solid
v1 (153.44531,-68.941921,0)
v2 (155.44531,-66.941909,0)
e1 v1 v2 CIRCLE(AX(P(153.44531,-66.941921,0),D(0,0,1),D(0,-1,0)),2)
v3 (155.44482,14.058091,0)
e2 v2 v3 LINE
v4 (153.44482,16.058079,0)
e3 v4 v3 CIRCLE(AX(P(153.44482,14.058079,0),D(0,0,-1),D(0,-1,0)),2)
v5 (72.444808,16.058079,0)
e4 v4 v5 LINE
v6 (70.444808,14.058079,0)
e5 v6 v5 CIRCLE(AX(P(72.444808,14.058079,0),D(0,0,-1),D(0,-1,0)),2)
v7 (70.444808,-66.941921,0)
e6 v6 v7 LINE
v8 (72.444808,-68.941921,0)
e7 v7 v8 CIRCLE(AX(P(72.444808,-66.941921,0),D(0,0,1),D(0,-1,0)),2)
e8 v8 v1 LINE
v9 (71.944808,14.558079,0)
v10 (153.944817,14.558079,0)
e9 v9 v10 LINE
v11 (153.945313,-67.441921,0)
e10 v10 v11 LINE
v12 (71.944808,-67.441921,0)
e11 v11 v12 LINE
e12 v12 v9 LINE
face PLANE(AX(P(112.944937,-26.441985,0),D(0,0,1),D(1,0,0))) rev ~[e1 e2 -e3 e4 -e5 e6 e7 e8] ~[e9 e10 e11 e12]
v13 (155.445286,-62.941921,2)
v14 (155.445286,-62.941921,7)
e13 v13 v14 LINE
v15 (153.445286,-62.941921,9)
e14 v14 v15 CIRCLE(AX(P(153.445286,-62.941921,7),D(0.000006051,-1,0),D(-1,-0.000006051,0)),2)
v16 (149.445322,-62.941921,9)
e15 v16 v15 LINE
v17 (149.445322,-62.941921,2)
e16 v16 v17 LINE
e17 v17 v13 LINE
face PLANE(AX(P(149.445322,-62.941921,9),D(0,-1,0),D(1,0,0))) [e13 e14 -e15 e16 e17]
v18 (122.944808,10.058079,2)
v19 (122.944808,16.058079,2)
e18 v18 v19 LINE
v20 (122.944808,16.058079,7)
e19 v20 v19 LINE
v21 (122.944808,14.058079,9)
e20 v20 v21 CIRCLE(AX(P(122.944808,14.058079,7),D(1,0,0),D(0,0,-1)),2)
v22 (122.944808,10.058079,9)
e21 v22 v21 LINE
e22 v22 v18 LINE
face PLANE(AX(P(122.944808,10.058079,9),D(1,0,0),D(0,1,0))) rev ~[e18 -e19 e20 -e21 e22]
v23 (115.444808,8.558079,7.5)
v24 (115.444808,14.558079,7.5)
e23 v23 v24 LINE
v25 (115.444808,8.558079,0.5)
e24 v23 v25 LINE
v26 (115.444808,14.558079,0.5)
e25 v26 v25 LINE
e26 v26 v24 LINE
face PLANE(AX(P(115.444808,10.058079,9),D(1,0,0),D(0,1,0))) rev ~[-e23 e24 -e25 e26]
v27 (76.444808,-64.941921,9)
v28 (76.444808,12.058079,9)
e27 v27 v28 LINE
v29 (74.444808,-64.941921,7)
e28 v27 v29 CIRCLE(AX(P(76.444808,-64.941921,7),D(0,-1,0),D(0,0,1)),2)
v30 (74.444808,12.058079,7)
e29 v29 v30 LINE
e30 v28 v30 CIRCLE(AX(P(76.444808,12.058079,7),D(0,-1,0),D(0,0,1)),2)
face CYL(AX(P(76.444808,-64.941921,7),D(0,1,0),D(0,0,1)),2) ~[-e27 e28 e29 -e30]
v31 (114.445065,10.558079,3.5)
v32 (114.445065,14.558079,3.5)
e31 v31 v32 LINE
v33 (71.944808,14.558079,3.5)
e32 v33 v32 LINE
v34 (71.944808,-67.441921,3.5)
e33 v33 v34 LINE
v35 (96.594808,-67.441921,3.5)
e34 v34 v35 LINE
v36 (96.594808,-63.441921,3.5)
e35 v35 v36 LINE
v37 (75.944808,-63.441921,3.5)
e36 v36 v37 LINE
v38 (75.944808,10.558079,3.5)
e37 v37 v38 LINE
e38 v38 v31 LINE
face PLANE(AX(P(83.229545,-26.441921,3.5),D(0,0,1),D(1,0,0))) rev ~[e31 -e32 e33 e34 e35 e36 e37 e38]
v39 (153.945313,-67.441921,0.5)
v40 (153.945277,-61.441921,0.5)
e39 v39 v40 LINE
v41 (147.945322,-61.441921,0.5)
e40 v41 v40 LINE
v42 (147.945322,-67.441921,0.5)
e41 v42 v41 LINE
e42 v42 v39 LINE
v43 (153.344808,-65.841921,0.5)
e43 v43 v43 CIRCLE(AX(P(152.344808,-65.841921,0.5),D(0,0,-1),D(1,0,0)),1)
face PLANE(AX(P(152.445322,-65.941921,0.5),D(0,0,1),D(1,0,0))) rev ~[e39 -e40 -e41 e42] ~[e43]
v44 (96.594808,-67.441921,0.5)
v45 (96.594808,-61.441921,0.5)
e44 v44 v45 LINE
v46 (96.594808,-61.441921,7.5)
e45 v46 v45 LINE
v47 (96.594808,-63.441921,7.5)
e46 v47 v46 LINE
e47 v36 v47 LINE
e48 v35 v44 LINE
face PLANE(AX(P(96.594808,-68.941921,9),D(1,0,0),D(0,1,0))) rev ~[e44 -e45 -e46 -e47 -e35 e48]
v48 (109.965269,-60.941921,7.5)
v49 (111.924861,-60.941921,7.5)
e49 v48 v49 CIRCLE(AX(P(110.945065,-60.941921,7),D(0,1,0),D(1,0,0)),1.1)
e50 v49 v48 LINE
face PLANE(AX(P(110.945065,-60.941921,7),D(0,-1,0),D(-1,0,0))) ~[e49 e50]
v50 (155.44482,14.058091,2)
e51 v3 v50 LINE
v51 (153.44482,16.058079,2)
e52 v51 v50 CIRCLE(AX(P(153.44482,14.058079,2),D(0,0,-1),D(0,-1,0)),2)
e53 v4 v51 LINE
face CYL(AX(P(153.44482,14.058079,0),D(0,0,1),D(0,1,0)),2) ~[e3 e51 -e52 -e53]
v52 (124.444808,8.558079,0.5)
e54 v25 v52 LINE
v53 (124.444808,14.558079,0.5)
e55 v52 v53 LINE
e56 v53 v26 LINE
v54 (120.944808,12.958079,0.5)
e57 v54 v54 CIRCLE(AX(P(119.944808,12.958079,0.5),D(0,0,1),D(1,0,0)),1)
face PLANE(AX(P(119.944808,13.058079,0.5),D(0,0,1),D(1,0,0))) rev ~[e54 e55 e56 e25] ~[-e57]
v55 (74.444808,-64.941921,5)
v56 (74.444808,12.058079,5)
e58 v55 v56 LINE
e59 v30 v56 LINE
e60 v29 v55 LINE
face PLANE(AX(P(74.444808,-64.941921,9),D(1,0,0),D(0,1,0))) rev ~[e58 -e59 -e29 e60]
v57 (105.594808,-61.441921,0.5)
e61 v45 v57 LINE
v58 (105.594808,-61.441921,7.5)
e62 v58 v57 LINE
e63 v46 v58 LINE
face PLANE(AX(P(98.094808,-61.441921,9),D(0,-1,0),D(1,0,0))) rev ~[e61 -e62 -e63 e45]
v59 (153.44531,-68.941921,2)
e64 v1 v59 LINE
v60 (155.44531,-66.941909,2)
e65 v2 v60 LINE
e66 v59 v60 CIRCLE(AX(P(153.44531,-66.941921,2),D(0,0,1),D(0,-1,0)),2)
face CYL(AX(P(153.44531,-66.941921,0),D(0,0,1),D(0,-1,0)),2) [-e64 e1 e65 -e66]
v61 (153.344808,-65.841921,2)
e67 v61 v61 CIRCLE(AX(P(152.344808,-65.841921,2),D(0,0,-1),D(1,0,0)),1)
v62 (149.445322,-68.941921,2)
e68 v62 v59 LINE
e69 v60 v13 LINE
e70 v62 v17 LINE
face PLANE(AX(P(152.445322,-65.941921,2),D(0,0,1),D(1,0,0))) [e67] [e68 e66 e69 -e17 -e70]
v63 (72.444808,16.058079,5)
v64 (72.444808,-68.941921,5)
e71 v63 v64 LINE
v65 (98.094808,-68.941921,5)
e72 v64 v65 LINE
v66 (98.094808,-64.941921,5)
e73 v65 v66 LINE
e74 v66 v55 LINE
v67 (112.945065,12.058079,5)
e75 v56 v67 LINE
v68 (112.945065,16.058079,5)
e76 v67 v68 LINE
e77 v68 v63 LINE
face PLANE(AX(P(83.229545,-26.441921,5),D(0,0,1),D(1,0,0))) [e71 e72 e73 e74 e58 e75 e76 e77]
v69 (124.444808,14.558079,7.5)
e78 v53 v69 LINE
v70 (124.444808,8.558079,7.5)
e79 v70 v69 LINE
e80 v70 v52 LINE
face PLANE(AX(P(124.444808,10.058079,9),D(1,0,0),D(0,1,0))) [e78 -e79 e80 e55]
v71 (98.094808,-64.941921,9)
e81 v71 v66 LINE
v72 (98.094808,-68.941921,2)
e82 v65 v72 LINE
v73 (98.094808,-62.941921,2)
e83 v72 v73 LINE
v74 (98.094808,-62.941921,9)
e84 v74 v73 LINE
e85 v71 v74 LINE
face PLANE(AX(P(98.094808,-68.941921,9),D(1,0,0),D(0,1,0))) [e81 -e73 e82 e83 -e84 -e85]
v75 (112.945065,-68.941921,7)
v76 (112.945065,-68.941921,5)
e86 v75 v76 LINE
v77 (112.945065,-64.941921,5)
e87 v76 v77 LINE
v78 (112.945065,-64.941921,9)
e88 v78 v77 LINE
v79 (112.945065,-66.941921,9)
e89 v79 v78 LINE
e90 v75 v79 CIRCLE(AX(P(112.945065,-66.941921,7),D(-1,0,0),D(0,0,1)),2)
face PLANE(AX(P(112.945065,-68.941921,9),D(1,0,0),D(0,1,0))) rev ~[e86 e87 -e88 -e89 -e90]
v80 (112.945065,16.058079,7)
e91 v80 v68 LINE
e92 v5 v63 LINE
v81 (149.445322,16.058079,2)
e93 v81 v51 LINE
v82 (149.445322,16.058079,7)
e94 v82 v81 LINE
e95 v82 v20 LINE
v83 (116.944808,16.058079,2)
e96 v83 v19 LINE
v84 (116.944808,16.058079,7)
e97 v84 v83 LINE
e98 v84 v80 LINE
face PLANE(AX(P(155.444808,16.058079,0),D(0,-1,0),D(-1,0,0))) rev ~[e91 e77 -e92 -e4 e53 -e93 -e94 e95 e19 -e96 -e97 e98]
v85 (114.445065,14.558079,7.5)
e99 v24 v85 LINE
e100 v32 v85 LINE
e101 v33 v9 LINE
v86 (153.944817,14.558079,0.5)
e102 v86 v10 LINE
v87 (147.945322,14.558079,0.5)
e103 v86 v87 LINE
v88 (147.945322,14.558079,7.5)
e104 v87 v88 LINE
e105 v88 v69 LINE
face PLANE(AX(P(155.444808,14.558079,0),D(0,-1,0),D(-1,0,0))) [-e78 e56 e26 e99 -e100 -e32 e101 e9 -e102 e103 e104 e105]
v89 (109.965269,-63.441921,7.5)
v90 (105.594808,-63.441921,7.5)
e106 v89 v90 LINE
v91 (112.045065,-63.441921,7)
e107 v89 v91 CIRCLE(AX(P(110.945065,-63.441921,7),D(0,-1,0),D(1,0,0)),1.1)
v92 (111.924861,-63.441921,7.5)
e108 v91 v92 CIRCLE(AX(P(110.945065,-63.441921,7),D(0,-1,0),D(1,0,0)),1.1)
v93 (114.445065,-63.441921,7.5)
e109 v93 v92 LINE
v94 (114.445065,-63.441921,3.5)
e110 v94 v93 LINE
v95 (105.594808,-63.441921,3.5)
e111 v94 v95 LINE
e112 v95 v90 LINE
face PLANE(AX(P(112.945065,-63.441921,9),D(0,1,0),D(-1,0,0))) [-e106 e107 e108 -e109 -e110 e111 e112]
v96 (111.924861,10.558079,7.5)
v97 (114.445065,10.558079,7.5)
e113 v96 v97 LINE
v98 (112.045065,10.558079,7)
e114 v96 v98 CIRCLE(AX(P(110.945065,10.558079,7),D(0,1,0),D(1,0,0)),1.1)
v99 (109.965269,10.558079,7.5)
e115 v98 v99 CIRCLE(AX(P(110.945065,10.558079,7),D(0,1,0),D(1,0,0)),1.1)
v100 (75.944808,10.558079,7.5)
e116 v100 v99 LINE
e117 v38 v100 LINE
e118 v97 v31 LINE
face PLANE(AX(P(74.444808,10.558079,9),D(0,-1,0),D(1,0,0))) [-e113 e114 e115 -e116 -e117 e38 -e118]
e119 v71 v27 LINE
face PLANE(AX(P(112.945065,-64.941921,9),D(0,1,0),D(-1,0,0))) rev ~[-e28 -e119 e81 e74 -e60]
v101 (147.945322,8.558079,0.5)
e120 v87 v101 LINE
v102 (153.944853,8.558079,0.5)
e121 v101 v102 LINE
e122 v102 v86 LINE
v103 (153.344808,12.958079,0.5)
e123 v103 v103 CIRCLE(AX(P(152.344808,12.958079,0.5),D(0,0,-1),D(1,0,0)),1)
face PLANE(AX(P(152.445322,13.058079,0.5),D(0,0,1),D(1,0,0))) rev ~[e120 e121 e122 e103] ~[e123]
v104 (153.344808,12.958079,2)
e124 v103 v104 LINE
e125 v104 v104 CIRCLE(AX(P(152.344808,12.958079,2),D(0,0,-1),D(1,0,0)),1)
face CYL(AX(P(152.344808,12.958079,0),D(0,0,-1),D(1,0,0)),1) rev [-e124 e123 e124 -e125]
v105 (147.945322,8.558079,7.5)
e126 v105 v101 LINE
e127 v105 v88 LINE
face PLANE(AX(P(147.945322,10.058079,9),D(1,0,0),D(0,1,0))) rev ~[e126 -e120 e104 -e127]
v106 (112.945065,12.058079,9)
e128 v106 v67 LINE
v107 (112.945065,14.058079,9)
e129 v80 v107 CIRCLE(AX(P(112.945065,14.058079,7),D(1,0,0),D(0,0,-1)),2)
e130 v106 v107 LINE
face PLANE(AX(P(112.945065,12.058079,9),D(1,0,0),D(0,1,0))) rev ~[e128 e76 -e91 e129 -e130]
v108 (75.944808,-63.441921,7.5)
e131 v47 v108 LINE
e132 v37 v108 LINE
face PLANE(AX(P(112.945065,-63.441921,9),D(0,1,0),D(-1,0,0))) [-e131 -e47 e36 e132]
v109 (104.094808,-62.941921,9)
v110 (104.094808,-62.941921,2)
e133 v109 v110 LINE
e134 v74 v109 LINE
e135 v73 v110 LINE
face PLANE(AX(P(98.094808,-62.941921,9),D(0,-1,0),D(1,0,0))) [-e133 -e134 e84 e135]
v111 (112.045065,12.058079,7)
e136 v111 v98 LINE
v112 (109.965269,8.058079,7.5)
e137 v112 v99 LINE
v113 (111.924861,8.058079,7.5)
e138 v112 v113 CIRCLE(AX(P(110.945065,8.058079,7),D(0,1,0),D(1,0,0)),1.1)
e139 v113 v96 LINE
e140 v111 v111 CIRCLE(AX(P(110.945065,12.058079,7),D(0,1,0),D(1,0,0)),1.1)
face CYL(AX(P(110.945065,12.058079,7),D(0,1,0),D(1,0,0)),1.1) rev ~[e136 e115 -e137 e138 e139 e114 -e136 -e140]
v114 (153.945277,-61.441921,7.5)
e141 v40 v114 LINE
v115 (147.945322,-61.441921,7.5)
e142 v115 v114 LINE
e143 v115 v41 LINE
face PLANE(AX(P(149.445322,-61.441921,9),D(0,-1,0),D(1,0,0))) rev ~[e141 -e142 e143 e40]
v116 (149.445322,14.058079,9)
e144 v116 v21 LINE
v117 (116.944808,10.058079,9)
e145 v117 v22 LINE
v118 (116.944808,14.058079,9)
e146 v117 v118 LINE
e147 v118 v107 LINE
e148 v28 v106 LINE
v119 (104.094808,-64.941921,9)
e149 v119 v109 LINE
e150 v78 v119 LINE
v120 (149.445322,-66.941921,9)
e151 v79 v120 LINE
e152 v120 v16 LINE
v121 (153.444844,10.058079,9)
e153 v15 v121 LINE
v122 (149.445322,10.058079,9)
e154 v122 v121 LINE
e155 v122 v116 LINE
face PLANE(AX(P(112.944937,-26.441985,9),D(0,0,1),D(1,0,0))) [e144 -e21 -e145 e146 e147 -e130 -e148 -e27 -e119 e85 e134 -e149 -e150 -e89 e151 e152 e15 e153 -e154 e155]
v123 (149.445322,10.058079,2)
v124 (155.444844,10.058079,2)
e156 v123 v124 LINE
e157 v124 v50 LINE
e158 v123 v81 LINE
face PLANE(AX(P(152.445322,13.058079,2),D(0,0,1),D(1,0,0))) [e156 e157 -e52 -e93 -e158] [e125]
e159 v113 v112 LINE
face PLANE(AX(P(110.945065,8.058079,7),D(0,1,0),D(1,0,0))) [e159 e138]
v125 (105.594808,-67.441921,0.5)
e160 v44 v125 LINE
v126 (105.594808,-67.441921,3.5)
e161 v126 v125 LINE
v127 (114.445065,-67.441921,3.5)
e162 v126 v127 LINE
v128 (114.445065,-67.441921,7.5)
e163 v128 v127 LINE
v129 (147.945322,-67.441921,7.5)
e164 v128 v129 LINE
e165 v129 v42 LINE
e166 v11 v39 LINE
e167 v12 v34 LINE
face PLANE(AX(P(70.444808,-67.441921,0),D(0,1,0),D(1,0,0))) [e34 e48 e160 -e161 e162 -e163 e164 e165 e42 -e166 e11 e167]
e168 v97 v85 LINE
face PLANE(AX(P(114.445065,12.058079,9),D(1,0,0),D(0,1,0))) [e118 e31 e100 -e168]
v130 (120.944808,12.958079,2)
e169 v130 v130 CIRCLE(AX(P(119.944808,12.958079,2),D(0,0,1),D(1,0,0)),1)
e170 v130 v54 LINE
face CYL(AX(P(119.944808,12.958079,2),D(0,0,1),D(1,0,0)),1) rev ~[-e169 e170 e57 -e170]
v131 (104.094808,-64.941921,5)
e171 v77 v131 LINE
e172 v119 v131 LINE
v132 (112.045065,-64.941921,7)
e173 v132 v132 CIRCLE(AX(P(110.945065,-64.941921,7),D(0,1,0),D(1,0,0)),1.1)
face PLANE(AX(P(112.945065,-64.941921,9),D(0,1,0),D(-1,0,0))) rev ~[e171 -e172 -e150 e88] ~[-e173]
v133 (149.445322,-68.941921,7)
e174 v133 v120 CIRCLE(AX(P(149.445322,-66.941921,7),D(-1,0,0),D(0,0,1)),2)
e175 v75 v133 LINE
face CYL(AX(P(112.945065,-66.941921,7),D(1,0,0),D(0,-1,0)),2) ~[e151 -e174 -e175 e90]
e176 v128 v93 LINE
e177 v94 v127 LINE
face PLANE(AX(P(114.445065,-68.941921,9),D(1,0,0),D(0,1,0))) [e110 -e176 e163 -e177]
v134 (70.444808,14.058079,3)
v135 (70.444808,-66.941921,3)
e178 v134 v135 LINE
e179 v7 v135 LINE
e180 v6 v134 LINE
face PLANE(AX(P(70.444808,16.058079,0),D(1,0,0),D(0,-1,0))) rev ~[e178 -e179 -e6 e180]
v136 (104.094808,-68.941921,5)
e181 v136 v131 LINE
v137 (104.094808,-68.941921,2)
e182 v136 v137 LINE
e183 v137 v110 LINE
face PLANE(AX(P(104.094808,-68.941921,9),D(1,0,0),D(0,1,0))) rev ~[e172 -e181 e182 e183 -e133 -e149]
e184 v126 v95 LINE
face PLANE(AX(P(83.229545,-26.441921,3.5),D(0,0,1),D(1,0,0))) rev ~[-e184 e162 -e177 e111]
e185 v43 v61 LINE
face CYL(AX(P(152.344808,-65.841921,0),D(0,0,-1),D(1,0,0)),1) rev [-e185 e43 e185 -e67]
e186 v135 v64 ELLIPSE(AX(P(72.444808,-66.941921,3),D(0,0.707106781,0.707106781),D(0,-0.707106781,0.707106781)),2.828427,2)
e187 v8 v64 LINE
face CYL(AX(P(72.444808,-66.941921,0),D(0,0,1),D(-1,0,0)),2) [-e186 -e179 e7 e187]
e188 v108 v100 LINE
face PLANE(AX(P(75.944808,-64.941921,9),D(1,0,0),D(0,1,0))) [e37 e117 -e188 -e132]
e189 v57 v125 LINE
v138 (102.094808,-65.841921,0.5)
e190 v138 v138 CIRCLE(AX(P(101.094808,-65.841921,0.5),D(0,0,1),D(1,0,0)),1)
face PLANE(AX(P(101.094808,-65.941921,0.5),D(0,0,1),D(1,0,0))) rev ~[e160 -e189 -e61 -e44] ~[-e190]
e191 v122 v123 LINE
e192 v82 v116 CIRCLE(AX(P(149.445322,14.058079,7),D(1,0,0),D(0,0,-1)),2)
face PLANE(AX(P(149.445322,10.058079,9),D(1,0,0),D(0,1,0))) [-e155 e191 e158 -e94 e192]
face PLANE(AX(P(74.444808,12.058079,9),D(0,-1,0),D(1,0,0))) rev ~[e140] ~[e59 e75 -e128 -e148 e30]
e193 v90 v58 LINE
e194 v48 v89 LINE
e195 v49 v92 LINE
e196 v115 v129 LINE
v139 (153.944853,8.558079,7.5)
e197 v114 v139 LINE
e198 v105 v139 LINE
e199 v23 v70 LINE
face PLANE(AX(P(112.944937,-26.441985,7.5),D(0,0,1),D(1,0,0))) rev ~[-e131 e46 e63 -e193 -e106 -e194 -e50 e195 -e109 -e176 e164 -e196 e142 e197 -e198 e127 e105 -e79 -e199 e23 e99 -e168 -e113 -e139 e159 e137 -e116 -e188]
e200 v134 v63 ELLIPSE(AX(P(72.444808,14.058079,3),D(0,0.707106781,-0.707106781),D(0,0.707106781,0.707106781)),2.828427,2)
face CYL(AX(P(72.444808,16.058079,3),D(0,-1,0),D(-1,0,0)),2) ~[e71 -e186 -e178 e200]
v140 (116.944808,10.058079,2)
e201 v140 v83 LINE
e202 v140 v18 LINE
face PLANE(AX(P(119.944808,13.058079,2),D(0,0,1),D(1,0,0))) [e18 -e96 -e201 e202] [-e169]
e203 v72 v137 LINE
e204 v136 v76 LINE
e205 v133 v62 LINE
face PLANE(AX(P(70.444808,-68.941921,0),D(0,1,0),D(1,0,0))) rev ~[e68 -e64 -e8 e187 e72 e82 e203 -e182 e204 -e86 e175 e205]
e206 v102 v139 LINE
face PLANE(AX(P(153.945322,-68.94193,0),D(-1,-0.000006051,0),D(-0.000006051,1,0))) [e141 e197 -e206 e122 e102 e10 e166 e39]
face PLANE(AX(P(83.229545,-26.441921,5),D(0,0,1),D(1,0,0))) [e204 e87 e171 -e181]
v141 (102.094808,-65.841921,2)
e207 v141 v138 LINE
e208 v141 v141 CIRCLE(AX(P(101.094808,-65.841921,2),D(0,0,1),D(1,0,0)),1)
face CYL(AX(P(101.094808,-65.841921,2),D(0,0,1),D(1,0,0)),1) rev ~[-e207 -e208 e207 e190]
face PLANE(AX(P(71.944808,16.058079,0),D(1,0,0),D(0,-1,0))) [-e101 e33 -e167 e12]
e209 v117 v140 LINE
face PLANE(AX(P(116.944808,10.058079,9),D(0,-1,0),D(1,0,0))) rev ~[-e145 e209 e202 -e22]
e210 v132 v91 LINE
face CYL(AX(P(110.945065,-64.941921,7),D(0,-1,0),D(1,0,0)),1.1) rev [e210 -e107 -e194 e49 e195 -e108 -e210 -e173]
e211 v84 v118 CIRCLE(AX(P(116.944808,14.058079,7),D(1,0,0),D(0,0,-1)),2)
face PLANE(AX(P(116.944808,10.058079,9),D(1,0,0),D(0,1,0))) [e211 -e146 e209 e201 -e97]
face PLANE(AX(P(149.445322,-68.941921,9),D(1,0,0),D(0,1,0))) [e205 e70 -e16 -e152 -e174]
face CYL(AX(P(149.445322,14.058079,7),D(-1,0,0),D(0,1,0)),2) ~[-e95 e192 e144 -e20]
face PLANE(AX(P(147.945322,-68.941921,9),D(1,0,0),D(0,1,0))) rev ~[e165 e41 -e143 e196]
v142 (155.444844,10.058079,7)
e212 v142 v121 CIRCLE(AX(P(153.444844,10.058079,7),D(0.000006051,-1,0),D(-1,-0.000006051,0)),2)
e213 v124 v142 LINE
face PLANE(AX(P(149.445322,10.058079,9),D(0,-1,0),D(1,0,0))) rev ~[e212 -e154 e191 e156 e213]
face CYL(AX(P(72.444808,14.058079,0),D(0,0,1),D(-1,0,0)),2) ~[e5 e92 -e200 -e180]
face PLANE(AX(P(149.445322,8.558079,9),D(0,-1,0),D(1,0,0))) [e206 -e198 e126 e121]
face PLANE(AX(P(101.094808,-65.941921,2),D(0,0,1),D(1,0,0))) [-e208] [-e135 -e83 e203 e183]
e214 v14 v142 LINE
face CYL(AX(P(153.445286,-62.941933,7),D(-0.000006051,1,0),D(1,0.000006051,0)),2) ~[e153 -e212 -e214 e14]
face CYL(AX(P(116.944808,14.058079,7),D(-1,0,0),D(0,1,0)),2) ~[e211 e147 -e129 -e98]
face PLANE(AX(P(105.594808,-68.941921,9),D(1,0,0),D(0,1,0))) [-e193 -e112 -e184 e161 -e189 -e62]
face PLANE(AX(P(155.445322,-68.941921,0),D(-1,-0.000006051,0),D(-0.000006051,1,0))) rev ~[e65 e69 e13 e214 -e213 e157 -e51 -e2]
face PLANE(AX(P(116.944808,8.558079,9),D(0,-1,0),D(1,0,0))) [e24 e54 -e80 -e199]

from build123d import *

# Parameters (mm, degrees)
EXTRUDE_1_DEPTH     = 9
CUT_EXTRUDE_2_DEPTH = 4
SKETCH_7_W          = 6
SKETCH_7_H          = 6
CUT_EXTRUDE_4_DEPTH = 7
SKETCH_10_W         = 6
SKETCH_10_H         = 6
CUT_EXTRUDE_6_DEPTH = 7
SHELL_1_T           = -1.5
SKETCH_5_R          = 1.1
CUT_EXTRUDE_3_DEPTH = 4
CUT_EXTRUDE_START   = -9
SKETCH_6_R          = 1
CUT_EXTRUDE_5_DEPTH = 7.5
FILLET_1_R          = 2
CUT_EXTRUDE_7_REACH = 4
SKETCH_12_R         = 1


with BuildPart() as part:
    # 草图1 → 凸台-拉伸1 (new body)
    with BuildSketch(Plane.XY):
        Polygon((70.444808084, 16.058078986), (70.444808084, -68.941921014), (155.445322416, -68.941921014), (155.444808084, 16.058078986), align=None)
    extrude(amount=EXTRUDE_1_DEPTH)

    # 草图4 → 支架切除-拉伸2 (cut)
    with BuildSketch(Plane.XY.offset(9)):
        Polygon((112.94506525, 16.058078986), (70.444808084, 16.058078986), (70.444808084, -68.941921014), (112.94506525, -68.941921014), (112.94506525, -64.941921014), (74.444808084, -64.941921014), (74.444808084, 12.058078986), (112.94506525, 12.058078986), align=None)
    extrude(amount=-CUT_EXTRUDE_2_DEPTH, mode=Mode.SUBTRACT)

    # 草图7 → 顶螺丝切除-拉伸4 (cut)
    with BuildSketch(Plane.XY.offset(9)):
        with Locations((152.445322416, 13.058078986)):
            Rectangle(SKETCH_7_W, SKETCH_7_H)
        with Locations((152.445322416, -65.941921014)):
            Rectangle(SKETCH_7_W, SKETCH_7_H)
    extrude(amount=-CUT_EXTRUDE_4_DEPTH, mode=Mode.SUBTRACT)

    # 草图10 → 底螺丝切除-拉伸6 (cut)
    with BuildSketch(Plane.XY.offset(9)):
        with Locations((119.944808084, 13.058078986)):
            Rectangle(SKETCH_10_W, SKETCH_10_H)
        with Locations((101.094808084, -65.941921014)):
            Rectangle(SKETCH_10_W, SKETCH_10_H)
    extrude(amount=-CUT_EXTRUDE_6_DEPTH, mode=Mode.SUBTRACT)

    # 抽壳1
    shell_1_openings = [part.faces().sort_by_distance(p)[0] for p in [
        (112.94506525, -26.441921014, 0),
    ]]
    offset(amount=SHELL_1_T, openings=shell_1_openings, kind=Kind.INTERSECTION)

    # 草图5 → 切除-拉伸3 (cut)
    with BuildSketch(Plane(origin=(0, 12.058078986, 0), x_dir=(1, 0, 0), z_dir=(0, 1, 0))):
        with Locations((110.94506525, -7)):
            Circle(SKETCH_5_R)
    cut_extrude_3 = extrude(amount=-CUT_EXTRUDE_3_DEPTH, mode=Mode.SUBTRACT)

    # 镜向1: 切除-拉伸3 across plane
    add(cut_extrude_3.mirror(Plane.ZX.offset(-26.441921014)), mode=Mode.SUBTRACT)

    # 草图6 → 顶螺丝切除-拉伸5 (cut)
    with BuildSketch(Plane.XY.offset(9).offset(CUT_EXTRUDE_START)):
        with Locations((152.344808084, 12.958078986)):
            Circle(SKETCH_6_R)
        with Locations((152.344808084, -65.841921014)):
            Circle(SKETCH_6_R)
    extrude(amount=CUT_EXTRUDE_5_DEPTH, mode=Mode.SUBTRACT)

    # 圆角1
    fillet_1_edges = [part.edges().sort_by_distance(p)[0] for p in [
        (131.195193833, -68.941921014, 9),
        (70.444808084, 16.058078986, 2.5),
        (70.444808084, -68.941921014, 2.5),
        (70.444808084, -26.441921014, 5),
        (74.444808084, -26.441921014, 9),
        (155.44506525, -26.441921014, 9),
        (136.19506525, 16.058078986, 9),
        (155.444808084, 16.058078986, 1),
        (155.445322416, -68.941921014, 1),
        (114.944936667, 16.058078986, 9),
    ]]
    fillet(fillet_1_edges, radius=FILLET_1_R)

    # 草图12 → 底螺丝切除-拉伸7 (cut, up to next)
    with BuildSketch(Plane.XY.offset(2), mode=Mode.PRIVATE) as cut_extrude_7_sk1:
        with Locations((119.944808084, 12.958078986)):
            Circle(SKETCH_12_R)
    cut_extrude_7_tool1 = extrude(cut_extrude_7_sk1.sketch, amount=-CUT_EXTRUDE_7_REACH, mode=Mode.PRIVATE) & part.part
    add(cut_extrude_7_tool1.solids().sort_by_distance((119.944808, 12.958079, 2))[0], mode=Mode.SUBTRACT)
    # 草图12 → 底螺丝切除-拉伸7 (cut, up to next)
    with BuildSketch(Plane.XY.offset(2), mode=Mode.PRIVATE) as cut_extrude_7_sk2:
        with Locations((101.094808084, -65.841921014)):
            Circle(SKETCH_12_R)
    cut_extrude_7_tool2 = extrude(cut_extrude_7_sk2.sketch, amount=-CUT_EXTRUDE_7_REACH, mode=Mode.PRIVATE) & part.part
    add(cut_extrude_7_tool2.solids().sort_by_distance((101.094808, -65.841921, 2))[0], mode=Mode.SUBTRACT)


solid = part.part
